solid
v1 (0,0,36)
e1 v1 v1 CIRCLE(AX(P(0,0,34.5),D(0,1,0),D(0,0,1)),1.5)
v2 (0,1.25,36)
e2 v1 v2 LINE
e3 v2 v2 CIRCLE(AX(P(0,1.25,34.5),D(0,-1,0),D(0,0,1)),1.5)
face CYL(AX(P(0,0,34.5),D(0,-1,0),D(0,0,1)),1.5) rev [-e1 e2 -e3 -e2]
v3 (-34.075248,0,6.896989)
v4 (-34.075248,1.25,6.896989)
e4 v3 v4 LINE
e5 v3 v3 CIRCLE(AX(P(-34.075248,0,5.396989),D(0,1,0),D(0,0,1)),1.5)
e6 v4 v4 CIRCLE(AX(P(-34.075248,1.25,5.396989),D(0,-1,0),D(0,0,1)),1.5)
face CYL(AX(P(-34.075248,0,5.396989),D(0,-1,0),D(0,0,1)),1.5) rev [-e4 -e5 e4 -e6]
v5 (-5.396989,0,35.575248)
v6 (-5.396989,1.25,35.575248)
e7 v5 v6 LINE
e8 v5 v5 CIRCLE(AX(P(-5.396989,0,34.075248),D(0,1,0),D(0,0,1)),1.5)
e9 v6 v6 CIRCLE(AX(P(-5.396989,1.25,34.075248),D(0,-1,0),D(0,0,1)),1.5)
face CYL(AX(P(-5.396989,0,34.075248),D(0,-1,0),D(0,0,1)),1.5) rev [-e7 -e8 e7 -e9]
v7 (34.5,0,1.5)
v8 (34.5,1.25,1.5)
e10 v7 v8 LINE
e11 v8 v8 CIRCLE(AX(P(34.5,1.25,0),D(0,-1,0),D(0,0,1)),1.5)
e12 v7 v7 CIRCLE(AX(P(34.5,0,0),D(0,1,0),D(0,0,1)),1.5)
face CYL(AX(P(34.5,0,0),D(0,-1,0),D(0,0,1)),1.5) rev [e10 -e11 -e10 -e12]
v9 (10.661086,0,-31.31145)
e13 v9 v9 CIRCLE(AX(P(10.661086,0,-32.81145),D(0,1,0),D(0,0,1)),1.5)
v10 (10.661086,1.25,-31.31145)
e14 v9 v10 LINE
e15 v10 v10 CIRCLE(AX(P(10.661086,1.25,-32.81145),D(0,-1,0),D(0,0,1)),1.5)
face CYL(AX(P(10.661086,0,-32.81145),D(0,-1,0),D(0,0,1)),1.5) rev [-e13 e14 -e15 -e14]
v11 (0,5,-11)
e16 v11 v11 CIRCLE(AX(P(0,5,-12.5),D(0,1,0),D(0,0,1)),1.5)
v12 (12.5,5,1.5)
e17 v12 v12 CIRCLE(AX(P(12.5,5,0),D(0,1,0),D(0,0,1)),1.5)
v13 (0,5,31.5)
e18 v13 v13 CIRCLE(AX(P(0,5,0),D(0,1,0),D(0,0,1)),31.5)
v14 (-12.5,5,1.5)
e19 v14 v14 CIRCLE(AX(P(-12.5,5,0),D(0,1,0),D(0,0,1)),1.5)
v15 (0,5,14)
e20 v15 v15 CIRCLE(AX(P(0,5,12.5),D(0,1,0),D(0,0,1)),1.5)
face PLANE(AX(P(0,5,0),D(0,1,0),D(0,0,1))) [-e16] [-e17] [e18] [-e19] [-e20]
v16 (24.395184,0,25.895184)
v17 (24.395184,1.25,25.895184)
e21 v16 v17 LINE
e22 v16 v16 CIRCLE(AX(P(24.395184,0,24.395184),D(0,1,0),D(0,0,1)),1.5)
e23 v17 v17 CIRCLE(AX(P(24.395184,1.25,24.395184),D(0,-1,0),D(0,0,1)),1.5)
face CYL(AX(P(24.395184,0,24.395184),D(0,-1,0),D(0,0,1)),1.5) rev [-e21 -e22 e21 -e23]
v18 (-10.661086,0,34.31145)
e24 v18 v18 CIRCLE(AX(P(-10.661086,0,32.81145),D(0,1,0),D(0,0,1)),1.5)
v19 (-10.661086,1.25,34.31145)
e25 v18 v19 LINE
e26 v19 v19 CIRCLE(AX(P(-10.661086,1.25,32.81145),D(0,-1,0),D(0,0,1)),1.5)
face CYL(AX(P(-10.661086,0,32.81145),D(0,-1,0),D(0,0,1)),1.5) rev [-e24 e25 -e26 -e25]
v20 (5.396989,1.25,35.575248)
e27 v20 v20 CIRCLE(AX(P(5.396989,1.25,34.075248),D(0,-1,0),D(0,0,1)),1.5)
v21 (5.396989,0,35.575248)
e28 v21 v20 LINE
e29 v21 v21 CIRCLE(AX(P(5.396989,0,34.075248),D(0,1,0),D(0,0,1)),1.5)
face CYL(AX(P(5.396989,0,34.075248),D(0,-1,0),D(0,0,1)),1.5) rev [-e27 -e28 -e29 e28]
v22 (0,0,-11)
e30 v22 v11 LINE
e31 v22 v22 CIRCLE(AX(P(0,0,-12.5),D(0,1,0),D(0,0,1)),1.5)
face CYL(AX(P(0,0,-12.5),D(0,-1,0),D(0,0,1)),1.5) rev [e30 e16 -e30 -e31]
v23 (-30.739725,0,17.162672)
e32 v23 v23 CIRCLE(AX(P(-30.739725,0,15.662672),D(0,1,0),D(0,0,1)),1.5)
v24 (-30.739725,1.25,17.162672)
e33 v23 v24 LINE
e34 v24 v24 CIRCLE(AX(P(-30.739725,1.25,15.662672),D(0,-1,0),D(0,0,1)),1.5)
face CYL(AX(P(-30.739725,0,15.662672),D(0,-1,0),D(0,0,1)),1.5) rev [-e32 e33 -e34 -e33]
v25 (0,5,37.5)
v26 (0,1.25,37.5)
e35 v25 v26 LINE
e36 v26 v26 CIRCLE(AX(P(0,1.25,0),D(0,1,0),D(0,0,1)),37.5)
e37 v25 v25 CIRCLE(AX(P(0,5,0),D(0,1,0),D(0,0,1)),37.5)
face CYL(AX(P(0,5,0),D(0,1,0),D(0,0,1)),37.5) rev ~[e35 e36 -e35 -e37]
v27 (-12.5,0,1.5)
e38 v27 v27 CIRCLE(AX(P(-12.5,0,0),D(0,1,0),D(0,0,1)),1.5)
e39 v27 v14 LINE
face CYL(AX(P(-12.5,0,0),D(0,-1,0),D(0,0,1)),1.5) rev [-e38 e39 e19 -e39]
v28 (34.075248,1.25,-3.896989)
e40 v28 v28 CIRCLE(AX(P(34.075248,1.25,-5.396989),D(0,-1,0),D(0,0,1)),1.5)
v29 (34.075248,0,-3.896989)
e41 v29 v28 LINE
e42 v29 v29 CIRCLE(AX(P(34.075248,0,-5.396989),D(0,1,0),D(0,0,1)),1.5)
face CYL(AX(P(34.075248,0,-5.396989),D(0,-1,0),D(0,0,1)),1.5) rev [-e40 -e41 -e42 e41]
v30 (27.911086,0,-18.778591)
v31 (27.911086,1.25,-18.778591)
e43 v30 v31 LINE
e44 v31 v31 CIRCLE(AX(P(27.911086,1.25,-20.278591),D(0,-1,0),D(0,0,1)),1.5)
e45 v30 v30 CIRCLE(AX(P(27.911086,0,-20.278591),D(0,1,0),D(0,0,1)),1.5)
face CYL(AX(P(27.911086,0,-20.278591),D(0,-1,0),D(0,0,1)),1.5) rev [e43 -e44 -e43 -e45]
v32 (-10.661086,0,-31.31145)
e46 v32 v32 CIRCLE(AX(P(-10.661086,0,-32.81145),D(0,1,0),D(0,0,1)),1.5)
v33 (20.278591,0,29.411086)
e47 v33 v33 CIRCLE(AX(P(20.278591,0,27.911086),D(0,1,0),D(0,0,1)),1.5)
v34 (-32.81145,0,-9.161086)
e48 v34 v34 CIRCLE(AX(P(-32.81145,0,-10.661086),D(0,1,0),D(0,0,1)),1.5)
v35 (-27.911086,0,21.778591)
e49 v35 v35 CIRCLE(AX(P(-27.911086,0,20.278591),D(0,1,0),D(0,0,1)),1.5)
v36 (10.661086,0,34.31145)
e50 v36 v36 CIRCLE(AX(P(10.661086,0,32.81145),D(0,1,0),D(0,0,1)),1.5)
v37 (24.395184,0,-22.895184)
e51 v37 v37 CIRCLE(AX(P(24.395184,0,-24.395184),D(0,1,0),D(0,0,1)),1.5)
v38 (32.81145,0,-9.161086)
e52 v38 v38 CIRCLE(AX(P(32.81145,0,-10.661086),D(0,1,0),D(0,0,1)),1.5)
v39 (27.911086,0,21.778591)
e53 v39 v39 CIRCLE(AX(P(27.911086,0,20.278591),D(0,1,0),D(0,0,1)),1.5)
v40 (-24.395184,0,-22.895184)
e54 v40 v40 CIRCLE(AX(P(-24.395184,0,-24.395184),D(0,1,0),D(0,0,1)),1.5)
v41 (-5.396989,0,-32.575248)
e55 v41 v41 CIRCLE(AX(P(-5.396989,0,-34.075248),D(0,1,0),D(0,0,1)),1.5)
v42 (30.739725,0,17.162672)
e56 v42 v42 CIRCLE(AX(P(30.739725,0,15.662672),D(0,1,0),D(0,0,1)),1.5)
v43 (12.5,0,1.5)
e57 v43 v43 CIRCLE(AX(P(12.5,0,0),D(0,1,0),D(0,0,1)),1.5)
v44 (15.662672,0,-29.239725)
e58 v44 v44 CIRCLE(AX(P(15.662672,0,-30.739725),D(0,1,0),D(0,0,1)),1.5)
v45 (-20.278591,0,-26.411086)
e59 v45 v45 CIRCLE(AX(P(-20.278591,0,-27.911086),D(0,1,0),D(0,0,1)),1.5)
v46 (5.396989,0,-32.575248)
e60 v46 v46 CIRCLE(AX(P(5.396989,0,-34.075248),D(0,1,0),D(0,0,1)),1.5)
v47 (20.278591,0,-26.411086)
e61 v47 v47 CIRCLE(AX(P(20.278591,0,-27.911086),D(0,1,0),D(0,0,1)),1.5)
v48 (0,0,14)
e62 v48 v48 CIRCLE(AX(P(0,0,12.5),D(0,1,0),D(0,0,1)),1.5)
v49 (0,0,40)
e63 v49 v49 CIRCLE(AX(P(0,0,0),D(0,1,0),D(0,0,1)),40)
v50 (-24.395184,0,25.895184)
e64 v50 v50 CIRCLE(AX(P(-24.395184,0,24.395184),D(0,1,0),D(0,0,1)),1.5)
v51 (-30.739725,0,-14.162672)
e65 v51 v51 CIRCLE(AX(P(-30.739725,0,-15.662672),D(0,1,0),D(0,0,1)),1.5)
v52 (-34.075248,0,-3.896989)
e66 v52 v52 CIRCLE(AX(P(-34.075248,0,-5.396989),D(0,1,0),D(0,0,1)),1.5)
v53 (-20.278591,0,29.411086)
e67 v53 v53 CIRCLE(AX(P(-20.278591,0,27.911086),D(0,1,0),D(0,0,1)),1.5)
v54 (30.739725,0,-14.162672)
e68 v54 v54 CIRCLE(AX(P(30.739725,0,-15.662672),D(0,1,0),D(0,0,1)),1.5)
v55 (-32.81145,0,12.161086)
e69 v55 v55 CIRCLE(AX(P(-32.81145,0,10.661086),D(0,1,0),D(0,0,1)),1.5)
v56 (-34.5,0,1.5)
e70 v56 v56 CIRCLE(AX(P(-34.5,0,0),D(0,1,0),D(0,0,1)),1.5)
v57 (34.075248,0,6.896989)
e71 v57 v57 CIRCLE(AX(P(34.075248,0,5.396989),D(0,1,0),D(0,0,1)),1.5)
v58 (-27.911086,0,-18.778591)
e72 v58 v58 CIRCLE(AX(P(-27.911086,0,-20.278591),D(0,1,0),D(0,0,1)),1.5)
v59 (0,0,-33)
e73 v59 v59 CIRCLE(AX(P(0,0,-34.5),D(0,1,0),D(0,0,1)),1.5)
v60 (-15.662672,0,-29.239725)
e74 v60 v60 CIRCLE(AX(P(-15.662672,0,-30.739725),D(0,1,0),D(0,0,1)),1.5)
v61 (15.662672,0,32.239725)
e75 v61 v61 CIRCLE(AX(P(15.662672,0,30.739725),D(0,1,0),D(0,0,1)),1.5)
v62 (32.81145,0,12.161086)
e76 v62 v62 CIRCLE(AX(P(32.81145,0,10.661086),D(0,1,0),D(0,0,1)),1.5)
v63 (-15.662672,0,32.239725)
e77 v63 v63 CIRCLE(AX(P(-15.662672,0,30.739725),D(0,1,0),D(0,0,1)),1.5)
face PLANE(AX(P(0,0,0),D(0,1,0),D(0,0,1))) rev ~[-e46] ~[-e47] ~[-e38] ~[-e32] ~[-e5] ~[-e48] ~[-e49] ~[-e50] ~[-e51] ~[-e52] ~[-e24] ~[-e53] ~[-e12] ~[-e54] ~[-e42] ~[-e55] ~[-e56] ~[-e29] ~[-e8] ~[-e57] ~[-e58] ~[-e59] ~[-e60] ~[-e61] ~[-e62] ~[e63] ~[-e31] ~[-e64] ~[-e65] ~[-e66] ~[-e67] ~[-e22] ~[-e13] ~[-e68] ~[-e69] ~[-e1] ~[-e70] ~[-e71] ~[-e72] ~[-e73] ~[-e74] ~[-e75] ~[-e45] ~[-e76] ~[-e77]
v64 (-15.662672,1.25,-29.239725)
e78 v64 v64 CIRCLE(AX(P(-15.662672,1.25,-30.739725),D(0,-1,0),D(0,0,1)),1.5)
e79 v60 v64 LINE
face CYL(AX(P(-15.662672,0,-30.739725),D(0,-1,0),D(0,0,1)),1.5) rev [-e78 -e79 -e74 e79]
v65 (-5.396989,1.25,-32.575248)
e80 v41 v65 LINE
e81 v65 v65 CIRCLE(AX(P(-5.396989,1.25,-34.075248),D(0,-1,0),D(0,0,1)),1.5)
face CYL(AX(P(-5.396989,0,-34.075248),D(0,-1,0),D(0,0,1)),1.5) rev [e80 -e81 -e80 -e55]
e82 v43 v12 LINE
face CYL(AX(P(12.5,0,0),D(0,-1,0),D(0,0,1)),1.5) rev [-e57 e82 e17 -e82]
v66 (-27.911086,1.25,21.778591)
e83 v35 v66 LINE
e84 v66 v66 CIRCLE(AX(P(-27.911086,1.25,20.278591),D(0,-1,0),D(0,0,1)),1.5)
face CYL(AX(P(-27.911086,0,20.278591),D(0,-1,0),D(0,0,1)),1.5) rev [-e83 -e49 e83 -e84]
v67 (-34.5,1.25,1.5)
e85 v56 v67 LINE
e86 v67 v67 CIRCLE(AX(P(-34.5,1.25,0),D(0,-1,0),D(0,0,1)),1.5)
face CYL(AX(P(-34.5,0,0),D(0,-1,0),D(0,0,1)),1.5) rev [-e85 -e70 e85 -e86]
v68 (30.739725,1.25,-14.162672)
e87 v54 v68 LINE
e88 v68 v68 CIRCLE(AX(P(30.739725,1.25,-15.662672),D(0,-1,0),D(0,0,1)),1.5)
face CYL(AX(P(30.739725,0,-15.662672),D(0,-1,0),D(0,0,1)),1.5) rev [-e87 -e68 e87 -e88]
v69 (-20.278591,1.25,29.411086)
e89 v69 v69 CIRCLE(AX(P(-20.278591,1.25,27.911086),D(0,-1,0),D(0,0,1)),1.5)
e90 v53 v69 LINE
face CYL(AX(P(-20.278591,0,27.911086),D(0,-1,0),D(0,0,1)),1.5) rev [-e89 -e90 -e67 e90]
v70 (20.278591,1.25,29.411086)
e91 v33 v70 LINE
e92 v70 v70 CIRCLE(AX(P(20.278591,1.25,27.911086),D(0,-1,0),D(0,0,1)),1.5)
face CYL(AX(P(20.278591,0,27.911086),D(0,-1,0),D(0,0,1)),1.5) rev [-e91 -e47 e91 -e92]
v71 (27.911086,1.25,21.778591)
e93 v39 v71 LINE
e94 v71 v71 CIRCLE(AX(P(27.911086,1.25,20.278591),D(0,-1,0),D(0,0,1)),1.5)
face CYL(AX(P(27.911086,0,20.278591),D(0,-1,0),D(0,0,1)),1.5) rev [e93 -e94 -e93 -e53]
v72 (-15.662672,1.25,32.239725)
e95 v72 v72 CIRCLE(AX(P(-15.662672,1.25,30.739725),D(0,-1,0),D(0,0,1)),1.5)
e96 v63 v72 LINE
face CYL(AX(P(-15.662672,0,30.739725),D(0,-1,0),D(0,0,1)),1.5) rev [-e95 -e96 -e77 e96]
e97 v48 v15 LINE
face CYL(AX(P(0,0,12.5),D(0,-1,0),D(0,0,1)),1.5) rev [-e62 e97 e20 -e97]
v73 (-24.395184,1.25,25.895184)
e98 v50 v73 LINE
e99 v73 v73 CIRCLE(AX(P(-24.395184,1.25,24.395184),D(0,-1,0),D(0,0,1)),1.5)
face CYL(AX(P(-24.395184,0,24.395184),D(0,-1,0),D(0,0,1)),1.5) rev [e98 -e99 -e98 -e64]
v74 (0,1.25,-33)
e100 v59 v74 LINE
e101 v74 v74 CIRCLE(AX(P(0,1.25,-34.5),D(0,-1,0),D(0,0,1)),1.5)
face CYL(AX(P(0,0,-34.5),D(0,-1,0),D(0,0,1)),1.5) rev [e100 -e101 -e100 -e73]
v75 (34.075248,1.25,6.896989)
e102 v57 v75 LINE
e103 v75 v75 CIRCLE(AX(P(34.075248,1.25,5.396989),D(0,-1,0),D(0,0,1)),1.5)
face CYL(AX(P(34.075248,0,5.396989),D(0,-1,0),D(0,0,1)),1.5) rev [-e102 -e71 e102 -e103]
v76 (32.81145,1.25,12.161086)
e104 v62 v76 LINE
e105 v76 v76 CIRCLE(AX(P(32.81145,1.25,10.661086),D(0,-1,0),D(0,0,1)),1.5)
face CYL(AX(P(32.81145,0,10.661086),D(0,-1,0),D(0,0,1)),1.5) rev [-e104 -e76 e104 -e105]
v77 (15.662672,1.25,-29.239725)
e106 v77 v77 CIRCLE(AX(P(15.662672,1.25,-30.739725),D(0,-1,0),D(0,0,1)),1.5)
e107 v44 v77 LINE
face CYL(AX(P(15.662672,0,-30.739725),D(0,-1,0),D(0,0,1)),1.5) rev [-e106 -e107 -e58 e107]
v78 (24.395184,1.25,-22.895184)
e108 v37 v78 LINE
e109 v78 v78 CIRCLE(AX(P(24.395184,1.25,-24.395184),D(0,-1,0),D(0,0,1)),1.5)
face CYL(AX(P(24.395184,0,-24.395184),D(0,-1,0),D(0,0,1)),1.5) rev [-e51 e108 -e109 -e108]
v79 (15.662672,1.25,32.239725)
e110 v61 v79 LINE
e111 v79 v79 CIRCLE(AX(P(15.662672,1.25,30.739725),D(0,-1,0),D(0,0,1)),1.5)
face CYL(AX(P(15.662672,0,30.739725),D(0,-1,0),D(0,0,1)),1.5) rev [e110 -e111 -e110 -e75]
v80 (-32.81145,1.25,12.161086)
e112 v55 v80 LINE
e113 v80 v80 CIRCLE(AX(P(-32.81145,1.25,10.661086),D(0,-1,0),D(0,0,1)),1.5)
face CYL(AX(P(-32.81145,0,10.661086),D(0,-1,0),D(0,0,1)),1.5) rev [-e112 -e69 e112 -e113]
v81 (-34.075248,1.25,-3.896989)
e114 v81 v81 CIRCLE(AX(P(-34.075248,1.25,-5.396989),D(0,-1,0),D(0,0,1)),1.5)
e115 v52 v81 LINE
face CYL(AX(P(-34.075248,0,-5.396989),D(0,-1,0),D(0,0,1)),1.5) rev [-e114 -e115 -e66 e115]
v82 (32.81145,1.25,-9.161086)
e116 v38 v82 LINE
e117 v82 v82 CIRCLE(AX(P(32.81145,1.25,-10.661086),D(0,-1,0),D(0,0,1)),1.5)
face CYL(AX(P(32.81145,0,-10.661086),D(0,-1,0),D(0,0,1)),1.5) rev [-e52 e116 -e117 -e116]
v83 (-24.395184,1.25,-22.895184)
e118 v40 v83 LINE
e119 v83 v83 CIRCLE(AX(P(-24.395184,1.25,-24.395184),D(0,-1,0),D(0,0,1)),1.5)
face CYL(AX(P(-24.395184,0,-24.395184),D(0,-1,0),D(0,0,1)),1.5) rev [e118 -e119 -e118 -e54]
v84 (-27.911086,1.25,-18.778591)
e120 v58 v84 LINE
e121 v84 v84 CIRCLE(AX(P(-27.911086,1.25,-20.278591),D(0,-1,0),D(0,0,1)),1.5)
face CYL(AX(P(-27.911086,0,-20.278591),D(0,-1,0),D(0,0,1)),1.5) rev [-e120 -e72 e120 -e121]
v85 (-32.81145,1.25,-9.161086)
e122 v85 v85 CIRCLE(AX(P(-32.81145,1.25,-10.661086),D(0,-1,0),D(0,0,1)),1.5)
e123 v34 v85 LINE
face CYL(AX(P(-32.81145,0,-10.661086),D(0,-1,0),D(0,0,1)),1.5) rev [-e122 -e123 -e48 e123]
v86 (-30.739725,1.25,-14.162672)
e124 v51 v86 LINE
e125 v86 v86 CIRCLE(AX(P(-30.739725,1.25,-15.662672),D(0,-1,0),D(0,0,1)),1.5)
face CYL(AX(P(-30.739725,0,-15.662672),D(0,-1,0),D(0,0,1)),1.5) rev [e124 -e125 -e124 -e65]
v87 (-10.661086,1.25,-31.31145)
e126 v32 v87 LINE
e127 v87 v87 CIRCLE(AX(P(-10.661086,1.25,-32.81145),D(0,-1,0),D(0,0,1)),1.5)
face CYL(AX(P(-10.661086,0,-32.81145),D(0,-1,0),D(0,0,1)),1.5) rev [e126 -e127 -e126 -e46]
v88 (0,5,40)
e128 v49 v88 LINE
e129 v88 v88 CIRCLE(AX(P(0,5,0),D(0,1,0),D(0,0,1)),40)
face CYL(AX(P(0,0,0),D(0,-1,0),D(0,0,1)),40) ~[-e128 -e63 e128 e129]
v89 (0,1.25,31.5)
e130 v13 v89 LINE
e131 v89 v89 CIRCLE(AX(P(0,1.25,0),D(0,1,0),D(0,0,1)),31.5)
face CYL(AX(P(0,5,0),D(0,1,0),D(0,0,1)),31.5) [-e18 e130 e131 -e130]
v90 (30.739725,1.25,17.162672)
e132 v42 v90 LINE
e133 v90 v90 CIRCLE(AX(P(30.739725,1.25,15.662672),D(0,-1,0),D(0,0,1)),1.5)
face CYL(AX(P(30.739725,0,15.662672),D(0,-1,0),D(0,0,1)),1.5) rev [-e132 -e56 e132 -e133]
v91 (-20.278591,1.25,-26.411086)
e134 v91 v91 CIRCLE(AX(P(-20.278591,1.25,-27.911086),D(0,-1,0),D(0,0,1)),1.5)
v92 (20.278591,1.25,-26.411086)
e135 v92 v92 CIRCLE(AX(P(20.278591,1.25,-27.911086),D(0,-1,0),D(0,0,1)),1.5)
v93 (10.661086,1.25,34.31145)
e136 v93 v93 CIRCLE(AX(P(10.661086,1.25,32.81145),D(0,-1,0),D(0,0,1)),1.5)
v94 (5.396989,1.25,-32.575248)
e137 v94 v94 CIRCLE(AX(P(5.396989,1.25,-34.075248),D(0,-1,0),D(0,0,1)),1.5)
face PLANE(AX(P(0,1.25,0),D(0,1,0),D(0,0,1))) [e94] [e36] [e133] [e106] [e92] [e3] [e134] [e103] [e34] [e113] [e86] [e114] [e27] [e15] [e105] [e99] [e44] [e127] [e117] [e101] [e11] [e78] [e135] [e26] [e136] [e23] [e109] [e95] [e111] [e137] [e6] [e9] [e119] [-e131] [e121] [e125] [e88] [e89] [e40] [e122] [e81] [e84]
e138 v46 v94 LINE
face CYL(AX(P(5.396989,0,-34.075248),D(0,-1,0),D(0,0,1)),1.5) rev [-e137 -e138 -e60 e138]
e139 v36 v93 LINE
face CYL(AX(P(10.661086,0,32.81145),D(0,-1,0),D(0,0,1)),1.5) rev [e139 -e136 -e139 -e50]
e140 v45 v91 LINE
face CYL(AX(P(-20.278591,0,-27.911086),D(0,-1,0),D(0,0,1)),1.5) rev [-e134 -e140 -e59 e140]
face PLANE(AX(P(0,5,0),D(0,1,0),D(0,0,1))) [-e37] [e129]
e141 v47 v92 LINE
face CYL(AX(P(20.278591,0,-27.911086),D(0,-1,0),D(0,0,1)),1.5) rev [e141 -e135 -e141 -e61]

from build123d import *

# Parameters (mm, degrees)
SKETCH1_R           = 40
SKETCH1_R_2         = 1.5
BOSS_EXTRUDE1_DEPTH = 5
SKETCH2_R           = 37.5
SKETCH2_R_2         = 31.5
CUT_EXTRUDE1_DEPTH  = 3.75


with BuildPart() as part:
    # Sketch1 → Boss-Extrude1 (new body)
    with BuildSketch(Plane(origin=(0, 0, 0), x_dir=(1, 0, 0), z_dir=(0, 1, 0))):
        with Locations(Location((0, 0, 0), (0, 0, 270))):
            Circle(SKETCH1_R)
        with Locations(Location((0, -34.5, 0), (0, 0, 270))):
            Circle(SKETCH1_R_2, mode=Mode.SUBTRACT)
        with Locations(Location((-5.396989044, -34.075247751, 0), (0, 0, 270))):
            Circle(SKETCH1_R_2, mode=Mode.SUBTRACT)
        with Locations(Location((-10.661086306, -32.811449812, 0), (0, 0, 270))):
            Circle(SKETCH1_R_2, mode=Mode.SUBTRACT)
        with Locations(Location((-15.662672241, -30.739725084, 0), (0, 0, 270))):
            Circle(SKETCH1_R_2, mode=Mode.SUBTRACT)
        with Locations(Location((-20.278591204, -27.911086306, 0), (0, 0, 270))):
            Circle(SKETCH1_R_2, mode=Mode.SUBTRACT)
        with Locations(Location((-24.395183951, -24.395183951, 0), (0, 0, 270))):
            Circle(SKETCH1_R_2, mode=Mode.SUBTRACT)
        with Locations(Location((-27.911086306, -20.278591204, 0), (0, 0, 270))):
            Circle(SKETCH1_R_2, mode=Mode.SUBTRACT)
        with Locations(Location((-30.739725084, -15.662672241, 0), (0, 0, 270))):
            Circle(SKETCH1_R_2, mode=Mode.SUBTRACT)
        with Locations(Location((-32.811449812, -10.661086306, 0), (0, 0, 270))):
            Circle(SKETCH1_R_2, mode=Mode.SUBTRACT)
        with Locations(Location((-34.075247751, -5.396989044, 0), (0, 0, 270))):
            Circle(SKETCH1_R_2, mode=Mode.SUBTRACT)
        with Locations(Location((-34.5, 0, 0), (0, 0, 270))):
            Circle(SKETCH1_R_2, mode=Mode.SUBTRACT)
        with Locations(Location((-34.075247751, 5.396989044, 0), (0, 0, 270))):
            Circle(SKETCH1_R_2, mode=Mode.SUBTRACT)
        with Locations(Location((-32.811449812, 10.661086306, 0), (0, 0, 270))):
            Circle(SKETCH1_R_2, mode=Mode.SUBTRACT)
        with Locations(Location((-30.739725084, 15.662672241, 0), (0, 0, 270))):
            Circle(SKETCH1_R_2, mode=Mode.SUBTRACT)
        with Locations(Location((-27.911086306, 20.278591204, 0), (0, 0, 270))):
            Circle(SKETCH1_R_2, mode=Mode.SUBTRACT)
        with Locations(Location((-24.395183951, 24.395183951, 0), (0, 0, 270))):
            Circle(SKETCH1_R_2, mode=Mode.SUBTRACT)
        with Locations(Location((-20.278591204, 27.911086306, 0), (0, 0, 270))):
            Circle(SKETCH1_R_2, mode=Mode.SUBTRACT)
        with Locations(Location((-15.662672241, 30.739725084, 0), (0, 0, 270))):
            Circle(SKETCH1_R_2, mode=Mode.SUBTRACT)
        with Locations(Location((-10.661086306, 32.811449812, 0), (0, 0, 270))):
            Circle(SKETCH1_R_2, mode=Mode.SUBTRACT)
        with Locations(Location((-5.396989044, 34.075247751, 0), (0, 0, 270))):
            Circle(SKETCH1_R_2, mode=Mode.SUBTRACT)
        with Locations(Location((0, 34.5, 0), (0, 0, 270))):
            Circle(SKETCH1_R_2, mode=Mode.SUBTRACT)
        with Locations(Location((5.396989044, 34.075247751, 0), (0, 0, 270))):
            Circle(SKETCH1_R_2, mode=Mode.SUBTRACT)
        with Locations(Location((10.661086306, 32.811449812, 0), (0, 0, 270))):
            Circle(SKETCH1_R_2, mode=Mode.SUBTRACT)
        with Locations(Location((15.662672241, 30.739725084, 0), (0, 0, 270))):
            Circle(SKETCH1_R_2, mode=Mode.SUBTRACT)
        with Locations(Location((20.278591204, 27.911086306, 0), (0, 0, 270))):
            Circle(SKETCH1_R_2, mode=Mode.SUBTRACT)
        with Locations(Location((24.395183951, 24.395183951, 0), (0, 0, 270))):
            Circle(SKETCH1_R_2, mode=Mode.SUBTRACT)
        with Locations(Location((27.911086306, 20.278591204, 0), (0, 0, 270))):
            Circle(SKETCH1_R_2, mode=Mode.SUBTRACT)
        with Locations(Location((30.739725084, 15.662672241, 0), (0, 0, 270))):
            Circle(SKETCH1_R_2, mode=Mode.SUBTRACT)
        with Locations(Location((32.811449812, 10.661086306, 0), (0, 0, 270))):
            Circle(SKETCH1_R_2, mode=Mode.SUBTRACT)
        with Locations(Location((34.075247751, 5.396989044, 0), (0, 0, 270))):
            Circle(SKETCH1_R_2, mode=Mode.SUBTRACT)
        with Locations(Location((34.5, 0, 0), (0, 0, 270))):
            Circle(SKETCH1_R_2, mode=Mode.SUBTRACT)
        with Locations(Location((34.075247751, -5.396989044, 0), (0, 0, 270))):
            Circle(SKETCH1_R_2, mode=Mode.SUBTRACT)
        with Locations(Location((32.811449812, -10.661086306, 0), (0, 0, 270))):
            Circle(SKETCH1_R_2, mode=Mode.SUBTRACT)
        with Locations(Location((30.739725084, -15.662672241, 0), (0, 0, 270))):
            Circle(SKETCH1_R_2, mode=Mode.SUBTRACT)
        with Locations(Location((27.911086306, -20.278591204, 0), (0, 0, 270))):
            Circle(SKETCH1_R_2, mode=Mode.SUBTRACT)
        with Locations(Location((24.395183951, -24.395183951, 0), (0, 0, 270))):
            Circle(SKETCH1_R_2, mode=Mode.SUBTRACT)
        with Locations(Location((20.278591204, -27.911086306, 0), (0, 0, 270))):
            Circle(SKETCH1_R_2, mode=Mode.SUBTRACT)
        with Locations(Location((15.662672241, -30.739725084, 0), (0, 0, 270))):
            Circle(SKETCH1_R_2, mode=Mode.SUBTRACT)
        with Locations(Location((10.661086306, -32.811449812, 0), (0, 0, 270))):
            Circle(SKETCH1_R_2, mode=Mode.SUBTRACT)
        with Locations(Location((5.396989044, -34.075247751, 0), (0, 0, 270))):
            Circle(SKETCH1_R_2, mode=Mode.SUBTRACT)
        with Locations(Location((0, -12.5, 0), (0, 0, 270))):
            Circle(SKETCH1_R_2, mode=Mode.SUBTRACT)
        with Locations(Location((-12.5, 0, 0), (0, 0, 270))):
            Circle(SKETCH1_R_2, mode=Mode.SUBTRACT)
        with Locations(Location((0, 12.5, 0), (0, 0, 270))):
            Circle(SKETCH1_R_2, mode=Mode.SUBTRACT)
        with Locations(Location((12.5, 0, 0), (0, 0, 270))):
            Circle(SKETCH1_R_2, mode=Mode.SUBTRACT)
    extrude(amount=BOSS_EXTRUDE1_DEPTH)

    # Sketch2 → Cut-Extrude1 (cut)
    with BuildSketch(Plane(origin=(0, 5, 0), x_dir=(1, 0, 0), z_dir=(0, 1, 0))):
        with Locations(Location((0, 0, 0), (0, 0, 270))):
            Circle(SKETCH2_R)
        with Locations(Location((0, 0, 0), (0, 0, 270))):
            Circle(SKETCH2_R_2, mode=Mode.SUBTRACT)
    extrude(amount=-CUT_EXTRUDE1_DEPTH, mode=Mode.SUBTRACT)


solid = part.part
